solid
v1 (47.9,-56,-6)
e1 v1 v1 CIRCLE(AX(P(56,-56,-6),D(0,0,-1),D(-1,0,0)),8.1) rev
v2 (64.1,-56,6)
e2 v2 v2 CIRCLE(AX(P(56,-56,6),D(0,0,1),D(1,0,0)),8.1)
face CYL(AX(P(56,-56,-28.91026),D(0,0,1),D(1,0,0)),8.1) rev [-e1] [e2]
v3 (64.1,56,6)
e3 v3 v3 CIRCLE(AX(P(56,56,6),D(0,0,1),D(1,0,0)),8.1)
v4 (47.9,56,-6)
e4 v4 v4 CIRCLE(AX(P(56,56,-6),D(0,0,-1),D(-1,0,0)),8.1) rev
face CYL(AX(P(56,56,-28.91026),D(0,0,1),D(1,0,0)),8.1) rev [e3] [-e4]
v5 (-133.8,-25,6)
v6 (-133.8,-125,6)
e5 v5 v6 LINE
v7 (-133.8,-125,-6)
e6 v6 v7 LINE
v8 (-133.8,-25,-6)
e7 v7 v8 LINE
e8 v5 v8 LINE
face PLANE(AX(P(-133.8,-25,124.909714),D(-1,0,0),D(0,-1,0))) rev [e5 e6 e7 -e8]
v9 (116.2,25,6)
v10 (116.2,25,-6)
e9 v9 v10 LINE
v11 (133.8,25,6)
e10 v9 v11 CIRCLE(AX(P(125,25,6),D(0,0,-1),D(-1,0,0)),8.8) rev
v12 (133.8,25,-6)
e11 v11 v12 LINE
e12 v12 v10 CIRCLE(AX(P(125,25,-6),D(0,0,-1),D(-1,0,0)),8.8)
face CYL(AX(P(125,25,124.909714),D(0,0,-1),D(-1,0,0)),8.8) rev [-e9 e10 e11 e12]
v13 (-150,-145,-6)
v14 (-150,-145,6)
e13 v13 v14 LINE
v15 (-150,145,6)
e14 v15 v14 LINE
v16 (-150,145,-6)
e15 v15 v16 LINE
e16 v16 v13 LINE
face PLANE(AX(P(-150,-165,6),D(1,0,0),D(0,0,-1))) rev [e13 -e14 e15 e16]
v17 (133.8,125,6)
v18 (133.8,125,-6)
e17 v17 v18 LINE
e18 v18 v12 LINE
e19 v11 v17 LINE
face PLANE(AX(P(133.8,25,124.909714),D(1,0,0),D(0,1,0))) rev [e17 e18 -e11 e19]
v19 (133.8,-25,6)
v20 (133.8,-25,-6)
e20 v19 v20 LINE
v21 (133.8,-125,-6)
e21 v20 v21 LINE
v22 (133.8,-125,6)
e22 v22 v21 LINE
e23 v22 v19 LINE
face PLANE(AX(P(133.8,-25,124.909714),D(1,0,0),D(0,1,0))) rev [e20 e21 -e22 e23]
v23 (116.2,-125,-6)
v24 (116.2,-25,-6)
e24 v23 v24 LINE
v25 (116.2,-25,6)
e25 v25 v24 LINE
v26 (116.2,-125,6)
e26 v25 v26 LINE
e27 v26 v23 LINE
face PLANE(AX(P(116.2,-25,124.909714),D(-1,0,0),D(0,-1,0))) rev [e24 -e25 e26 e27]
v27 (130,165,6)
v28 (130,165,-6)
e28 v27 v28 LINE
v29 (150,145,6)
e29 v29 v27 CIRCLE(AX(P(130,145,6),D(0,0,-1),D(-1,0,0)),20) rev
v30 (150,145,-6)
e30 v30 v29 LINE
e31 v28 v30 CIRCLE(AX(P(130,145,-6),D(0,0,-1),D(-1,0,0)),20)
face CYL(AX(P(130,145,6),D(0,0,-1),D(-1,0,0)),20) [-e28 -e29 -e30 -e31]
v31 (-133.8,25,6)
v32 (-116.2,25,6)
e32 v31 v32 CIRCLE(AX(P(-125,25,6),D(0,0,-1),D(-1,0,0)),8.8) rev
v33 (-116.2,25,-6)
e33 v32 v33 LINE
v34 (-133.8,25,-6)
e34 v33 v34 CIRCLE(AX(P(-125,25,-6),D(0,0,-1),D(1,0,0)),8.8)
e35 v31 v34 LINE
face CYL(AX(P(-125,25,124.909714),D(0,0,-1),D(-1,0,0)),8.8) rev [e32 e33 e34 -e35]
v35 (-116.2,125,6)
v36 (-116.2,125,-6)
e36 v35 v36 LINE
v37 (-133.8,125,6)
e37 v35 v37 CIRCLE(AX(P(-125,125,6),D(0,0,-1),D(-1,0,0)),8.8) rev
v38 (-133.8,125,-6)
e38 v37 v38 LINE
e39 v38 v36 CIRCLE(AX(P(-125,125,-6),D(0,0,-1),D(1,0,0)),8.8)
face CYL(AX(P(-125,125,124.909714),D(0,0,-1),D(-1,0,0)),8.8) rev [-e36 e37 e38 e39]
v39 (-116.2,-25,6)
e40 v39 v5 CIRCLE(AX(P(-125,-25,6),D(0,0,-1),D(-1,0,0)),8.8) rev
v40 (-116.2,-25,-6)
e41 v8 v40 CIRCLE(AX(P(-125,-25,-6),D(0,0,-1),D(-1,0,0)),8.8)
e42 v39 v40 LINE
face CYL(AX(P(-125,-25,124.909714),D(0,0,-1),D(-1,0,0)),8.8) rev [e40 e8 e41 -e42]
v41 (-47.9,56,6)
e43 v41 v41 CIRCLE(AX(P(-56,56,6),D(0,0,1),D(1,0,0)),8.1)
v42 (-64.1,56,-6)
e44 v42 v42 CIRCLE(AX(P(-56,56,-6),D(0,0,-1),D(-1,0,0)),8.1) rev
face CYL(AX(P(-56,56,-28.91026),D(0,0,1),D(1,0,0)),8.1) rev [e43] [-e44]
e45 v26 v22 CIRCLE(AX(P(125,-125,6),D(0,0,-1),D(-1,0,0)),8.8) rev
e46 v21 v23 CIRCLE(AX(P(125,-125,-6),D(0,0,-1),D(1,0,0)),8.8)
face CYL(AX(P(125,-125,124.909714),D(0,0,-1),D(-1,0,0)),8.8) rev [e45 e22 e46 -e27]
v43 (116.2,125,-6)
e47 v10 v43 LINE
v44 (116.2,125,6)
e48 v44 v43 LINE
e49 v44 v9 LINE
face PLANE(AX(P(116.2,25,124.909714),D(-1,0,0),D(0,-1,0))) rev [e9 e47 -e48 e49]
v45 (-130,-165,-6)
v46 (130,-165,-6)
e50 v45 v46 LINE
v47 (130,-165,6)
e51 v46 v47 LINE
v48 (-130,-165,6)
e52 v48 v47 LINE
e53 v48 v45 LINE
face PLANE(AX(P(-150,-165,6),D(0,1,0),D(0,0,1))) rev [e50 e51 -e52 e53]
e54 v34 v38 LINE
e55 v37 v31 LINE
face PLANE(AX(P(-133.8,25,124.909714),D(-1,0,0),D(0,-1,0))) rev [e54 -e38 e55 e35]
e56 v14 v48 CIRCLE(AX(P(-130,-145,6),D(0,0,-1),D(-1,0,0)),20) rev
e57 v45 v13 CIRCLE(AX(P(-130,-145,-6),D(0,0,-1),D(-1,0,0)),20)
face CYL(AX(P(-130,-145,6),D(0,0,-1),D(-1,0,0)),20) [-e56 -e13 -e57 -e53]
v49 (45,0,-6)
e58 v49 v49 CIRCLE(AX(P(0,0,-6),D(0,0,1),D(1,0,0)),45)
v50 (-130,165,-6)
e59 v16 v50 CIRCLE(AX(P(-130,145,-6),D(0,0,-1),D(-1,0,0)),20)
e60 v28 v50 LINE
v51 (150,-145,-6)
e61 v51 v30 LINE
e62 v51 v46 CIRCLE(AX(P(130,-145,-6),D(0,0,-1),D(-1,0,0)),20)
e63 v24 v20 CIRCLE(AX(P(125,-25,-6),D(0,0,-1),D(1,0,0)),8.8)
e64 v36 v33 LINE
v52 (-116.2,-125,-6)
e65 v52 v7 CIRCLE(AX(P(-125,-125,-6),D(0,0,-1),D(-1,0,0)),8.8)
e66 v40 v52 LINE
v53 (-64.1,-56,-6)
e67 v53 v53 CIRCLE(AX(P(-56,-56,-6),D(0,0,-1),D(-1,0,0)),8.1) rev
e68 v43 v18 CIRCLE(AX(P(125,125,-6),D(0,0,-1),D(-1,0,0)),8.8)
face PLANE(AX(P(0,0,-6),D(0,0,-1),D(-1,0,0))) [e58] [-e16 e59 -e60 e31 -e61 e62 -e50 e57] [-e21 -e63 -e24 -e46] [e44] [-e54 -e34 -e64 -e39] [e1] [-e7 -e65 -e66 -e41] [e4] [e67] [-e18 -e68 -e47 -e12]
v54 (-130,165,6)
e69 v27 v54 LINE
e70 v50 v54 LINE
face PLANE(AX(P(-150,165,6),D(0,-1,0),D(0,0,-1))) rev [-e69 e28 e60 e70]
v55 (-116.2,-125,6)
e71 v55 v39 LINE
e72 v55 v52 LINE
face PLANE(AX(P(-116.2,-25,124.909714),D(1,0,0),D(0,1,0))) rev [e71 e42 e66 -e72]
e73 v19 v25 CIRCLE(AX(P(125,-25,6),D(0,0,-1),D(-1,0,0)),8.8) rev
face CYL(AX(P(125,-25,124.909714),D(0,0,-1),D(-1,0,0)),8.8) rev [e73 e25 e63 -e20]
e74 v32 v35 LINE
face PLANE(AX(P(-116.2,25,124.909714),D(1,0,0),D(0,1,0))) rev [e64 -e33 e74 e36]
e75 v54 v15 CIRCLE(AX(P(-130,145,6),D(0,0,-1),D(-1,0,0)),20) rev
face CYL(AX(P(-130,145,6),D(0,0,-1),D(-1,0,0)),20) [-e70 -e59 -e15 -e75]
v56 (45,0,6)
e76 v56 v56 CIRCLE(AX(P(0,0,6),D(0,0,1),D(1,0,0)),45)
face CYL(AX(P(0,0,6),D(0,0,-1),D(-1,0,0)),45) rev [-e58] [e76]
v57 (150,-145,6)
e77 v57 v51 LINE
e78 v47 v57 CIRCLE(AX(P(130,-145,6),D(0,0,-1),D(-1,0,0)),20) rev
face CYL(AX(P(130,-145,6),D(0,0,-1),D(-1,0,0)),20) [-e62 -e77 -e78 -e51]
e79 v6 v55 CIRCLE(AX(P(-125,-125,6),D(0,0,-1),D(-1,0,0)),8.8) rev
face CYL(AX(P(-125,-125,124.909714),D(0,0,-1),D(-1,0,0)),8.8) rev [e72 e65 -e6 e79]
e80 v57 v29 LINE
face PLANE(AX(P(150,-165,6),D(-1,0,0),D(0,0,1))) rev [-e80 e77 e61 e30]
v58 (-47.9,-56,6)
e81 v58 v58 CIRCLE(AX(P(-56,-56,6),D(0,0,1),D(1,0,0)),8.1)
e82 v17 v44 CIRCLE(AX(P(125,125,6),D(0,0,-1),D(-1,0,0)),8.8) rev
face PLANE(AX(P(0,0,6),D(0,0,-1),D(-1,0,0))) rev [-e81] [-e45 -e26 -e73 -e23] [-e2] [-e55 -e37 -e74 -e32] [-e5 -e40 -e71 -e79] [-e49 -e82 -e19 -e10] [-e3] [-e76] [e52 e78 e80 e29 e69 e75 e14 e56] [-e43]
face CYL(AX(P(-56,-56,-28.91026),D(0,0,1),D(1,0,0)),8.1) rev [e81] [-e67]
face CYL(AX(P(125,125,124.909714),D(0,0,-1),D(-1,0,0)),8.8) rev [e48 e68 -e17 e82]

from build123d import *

# Parameters (mm, degrees)
SKETCH_1_W          = 300
SKETCH_1_H          = 330
SKETCH_1_R          = 45
EXTRUDE_1_DEPTH     = 6
FILLET_1_R          = 20
SKETCH_3_R          = 8.1
CUT_EXTRUDE_2_DEPTH = 12
CUT_EXTRUDE_3_DEPTH = 12


with BuildPart() as part:
    # Эскиз1 → Бобышка-Вытянуть1 (new, symmetric)
    with BuildSketch(Plane.XY):
        Rectangle(SKETCH_1_W, SKETCH_1_H)
        Circle(SKETCH_1_R, mode=Mode.SUBTRACT)
    extrude(amount=EXTRUDE_1_DEPTH, both=True)

    # Скругление1
    fillet_1_edges = [part.edges().sort_by_distance(p)[0] for p in [
        (150, -165, 0),
        (-150, -165, 0),
        (-150, 165, 0),
        (150, 165, 0),
    ]]
    fillet(fillet_1_edges, radius=FILLET_1_R)

    # Эскиз3 → Вырез-Вытянуть2 (cut)
    with BuildSketch(Plane.XY.offset(6)):
        with Locations((-56, 56)):
            Circle(SKETCH_3_R)
        with Locations((56, 56)):
            Circle(SKETCH_3_R)
        with Locations((56, -56)):
            Circle(SKETCH_3_R)
        with Locations((-56, -56)):
            Circle(SKETCH_3_R)
    extrude(amount=-CUT_EXTRUDE_2_DEPTH, mode=Mode.SUBTRACT)

    # Эскиз4 → Вырез-Вытянуть3 (cut)
    with BuildSketch(Plane(origin=(0, 0, -6), x_dir=(-1, 0, 0), z_dir=(0, 0, -1))):
        with BuildLine():
            Line((-133.8, 25), (-133.8, 125))
            ThreePointArc((-133.8, 125), (-125, 133.8), (-116.2, 125))
            Line((-116.2, 125), (-116.2, 25))
            ThreePointArc((-116.2, 25), (-125, 16.2), (-133.8, 25))
        make_face()
        with BuildLine():
            Line((-133.8, -25), (-133.8, -125))
            ThreePointArc((-133.8, -125), (-125, -133.8), (-116.2, -125))
            Line((-116.2, -125), (-116.2, -25))
            ThreePointArc((-116.2, -25), (-125, -16.2), (-133.8, -25))
        make_face()
        with BuildLine():
            Line((133.8, -25), (133.8, -125))
            ThreePointArc((133.8, -125), (125, -133.8), (116.2, -125))
            Line((116.2, -125), (116.2, -25))
            ThreePointArc((116.2, -25), (125, -16.2), (133.8, -25))
        make_face()
        with BuildLine():
            Line((133.8, 25), (133.8, 125))
            ThreePointArc((133.8, 125), (125, 133.8), (116.2, 125))
            Line((116.2, 125), (116.2, 25))
            ThreePointArc((116.2, 25), (125, 16.2), (133.8, 25))
        make_face()
    extrude(amount=-CUT_EXTRUDE_3_DEPTH, mode=Mode.SUBTRACT)


solid = part.part
